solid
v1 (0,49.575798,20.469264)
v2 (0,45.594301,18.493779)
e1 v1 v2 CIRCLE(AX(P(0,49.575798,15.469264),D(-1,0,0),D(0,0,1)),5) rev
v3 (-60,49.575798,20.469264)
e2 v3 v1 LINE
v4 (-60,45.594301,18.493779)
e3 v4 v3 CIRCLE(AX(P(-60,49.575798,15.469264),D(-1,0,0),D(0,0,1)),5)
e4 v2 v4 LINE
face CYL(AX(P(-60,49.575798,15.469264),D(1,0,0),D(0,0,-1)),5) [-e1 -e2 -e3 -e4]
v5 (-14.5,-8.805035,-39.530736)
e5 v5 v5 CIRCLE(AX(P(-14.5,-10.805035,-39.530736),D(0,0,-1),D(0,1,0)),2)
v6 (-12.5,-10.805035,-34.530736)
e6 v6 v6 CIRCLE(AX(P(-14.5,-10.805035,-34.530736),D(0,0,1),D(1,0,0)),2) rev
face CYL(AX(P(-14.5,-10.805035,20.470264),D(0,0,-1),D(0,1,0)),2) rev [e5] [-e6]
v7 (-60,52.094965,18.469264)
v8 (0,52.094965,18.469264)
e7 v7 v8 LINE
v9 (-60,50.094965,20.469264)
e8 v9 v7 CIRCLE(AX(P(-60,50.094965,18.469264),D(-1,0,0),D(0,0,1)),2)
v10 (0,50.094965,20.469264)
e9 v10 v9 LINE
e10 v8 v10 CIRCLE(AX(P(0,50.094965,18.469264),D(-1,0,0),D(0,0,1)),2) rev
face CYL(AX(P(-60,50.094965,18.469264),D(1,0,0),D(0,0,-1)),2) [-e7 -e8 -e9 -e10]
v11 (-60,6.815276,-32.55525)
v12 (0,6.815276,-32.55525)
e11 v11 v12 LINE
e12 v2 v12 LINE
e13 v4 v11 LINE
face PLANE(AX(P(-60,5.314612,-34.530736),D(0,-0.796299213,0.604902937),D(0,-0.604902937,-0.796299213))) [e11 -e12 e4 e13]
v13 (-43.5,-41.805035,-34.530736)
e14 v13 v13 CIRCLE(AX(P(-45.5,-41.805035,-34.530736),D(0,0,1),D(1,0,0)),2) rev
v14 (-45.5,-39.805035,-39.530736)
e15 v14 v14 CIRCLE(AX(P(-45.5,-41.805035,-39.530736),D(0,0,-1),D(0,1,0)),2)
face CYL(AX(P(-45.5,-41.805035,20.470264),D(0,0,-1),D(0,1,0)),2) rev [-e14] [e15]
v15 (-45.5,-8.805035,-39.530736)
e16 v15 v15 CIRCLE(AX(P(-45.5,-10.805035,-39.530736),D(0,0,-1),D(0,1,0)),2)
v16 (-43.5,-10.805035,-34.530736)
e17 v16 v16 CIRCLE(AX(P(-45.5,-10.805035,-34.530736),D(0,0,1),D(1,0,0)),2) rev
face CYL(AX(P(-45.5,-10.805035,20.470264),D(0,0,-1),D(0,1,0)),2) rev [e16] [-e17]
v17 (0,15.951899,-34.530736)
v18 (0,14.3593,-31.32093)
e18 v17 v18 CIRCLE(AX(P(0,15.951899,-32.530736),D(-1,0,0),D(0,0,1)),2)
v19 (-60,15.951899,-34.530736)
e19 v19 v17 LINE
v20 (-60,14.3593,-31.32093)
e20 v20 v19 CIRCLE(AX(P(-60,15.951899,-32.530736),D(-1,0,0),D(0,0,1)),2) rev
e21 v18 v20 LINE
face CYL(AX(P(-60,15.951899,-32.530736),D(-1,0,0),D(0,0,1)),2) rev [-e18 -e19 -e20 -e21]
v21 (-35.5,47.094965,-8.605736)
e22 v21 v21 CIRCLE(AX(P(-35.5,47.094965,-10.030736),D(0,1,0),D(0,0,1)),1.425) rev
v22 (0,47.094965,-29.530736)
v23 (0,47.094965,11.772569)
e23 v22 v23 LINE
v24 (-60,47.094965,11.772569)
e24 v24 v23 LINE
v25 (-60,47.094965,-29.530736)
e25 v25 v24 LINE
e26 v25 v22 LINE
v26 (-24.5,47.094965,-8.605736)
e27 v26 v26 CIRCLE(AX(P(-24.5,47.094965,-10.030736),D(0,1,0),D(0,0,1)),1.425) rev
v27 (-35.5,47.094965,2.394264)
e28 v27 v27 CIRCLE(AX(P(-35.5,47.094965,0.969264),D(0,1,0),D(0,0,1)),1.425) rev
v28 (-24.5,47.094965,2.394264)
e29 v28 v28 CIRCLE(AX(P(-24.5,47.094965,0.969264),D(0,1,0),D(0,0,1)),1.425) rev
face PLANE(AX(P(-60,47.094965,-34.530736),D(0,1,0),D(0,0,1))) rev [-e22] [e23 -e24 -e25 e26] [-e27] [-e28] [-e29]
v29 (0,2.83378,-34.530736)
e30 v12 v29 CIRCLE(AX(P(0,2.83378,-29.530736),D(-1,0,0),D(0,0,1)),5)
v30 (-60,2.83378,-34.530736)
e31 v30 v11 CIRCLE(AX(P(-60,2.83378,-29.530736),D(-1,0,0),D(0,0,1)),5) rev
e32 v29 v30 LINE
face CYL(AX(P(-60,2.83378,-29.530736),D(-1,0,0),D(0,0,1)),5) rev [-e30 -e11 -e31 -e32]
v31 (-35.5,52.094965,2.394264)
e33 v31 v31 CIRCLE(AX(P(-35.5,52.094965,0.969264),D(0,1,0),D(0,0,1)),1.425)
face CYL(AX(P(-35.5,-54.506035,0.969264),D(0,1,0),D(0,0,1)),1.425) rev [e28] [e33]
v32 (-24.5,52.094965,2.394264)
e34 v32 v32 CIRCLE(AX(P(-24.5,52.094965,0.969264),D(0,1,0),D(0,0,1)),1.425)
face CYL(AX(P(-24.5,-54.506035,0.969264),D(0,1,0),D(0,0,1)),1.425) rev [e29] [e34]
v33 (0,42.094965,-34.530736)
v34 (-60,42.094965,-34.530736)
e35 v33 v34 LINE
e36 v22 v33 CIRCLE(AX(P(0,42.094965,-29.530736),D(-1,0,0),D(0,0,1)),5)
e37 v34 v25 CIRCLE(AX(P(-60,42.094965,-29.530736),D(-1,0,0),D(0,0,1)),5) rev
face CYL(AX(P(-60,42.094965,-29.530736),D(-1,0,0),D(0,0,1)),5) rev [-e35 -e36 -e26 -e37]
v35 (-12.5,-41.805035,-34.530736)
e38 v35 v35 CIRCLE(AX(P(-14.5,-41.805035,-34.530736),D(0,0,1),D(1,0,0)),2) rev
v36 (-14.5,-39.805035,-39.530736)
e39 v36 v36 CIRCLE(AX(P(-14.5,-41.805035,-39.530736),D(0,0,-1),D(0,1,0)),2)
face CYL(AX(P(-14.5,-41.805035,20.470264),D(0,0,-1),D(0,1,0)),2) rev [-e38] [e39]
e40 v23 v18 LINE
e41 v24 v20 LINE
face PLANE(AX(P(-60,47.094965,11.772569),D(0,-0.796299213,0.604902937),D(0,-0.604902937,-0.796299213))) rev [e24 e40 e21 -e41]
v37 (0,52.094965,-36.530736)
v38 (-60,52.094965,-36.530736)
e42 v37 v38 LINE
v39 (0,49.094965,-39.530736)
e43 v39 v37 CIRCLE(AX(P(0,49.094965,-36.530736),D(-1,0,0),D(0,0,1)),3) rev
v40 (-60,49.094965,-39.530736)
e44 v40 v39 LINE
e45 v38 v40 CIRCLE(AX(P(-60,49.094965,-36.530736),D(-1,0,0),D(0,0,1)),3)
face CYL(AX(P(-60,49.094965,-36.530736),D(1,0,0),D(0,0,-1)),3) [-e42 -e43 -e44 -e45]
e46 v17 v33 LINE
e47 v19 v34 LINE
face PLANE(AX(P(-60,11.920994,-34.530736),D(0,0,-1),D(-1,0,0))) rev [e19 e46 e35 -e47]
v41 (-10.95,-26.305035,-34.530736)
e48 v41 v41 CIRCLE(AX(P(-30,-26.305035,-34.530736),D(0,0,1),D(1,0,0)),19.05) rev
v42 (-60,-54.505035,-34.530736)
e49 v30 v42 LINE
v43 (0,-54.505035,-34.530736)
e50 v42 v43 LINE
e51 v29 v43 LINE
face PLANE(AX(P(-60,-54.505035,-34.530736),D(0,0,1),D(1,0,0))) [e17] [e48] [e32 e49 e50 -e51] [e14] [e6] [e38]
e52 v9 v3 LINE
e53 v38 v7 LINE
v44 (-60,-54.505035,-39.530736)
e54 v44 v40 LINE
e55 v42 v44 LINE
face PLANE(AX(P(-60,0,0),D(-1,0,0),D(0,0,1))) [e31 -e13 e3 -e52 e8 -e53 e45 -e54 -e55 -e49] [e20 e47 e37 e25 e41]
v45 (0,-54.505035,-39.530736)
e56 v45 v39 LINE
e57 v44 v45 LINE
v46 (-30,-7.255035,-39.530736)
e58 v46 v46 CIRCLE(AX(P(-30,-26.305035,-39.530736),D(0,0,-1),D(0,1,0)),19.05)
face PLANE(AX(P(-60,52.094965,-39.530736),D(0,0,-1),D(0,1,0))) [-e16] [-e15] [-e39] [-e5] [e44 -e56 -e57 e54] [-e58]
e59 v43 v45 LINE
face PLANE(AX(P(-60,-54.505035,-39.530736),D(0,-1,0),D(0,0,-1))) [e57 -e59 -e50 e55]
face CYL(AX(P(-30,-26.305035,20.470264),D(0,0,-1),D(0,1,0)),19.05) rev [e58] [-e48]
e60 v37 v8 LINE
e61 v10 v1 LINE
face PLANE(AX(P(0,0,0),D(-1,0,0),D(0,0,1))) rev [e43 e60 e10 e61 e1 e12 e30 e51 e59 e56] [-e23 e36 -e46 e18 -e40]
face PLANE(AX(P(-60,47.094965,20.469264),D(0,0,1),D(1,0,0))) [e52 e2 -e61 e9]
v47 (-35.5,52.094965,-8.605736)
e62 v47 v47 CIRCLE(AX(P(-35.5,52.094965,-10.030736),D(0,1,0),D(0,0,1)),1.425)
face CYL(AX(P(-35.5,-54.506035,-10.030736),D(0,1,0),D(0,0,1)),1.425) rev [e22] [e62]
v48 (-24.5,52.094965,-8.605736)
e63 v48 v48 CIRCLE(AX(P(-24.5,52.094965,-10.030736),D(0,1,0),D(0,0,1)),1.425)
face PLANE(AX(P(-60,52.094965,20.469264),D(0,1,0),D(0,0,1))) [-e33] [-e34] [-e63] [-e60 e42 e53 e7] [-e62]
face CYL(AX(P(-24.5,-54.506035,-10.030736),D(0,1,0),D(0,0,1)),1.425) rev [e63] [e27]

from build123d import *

# Parameters (mm, degrees)
BOSS_EXTRUDE1_DEPTH = 60
CUT_EXTRUDE2_REACH  = 108.6
SKETCH2_R           = 1.425
CUT_EXTRUDE3_REACH  = 62
SKETCH7_R           = 2
SKETCH7_R_2         = 19.05
FILLET2_R           = 5
FILLET4_R           = 5
FILLET5_R           = 2
FILLET6_R           = 2
FILLET7_R           = 3
FILLET8_R           = 5


with BuildPart() as part:
    # Sketch1 → Boss-Extrude1 (new body)
    with BuildSketch(Plane(origin=(0, 0, 0), x_dir=(0, 0, -1), z_dir=(1, 0, 0))):
        Polygon((-20.469264339, 47.094964584), (-20.469264339, 52.094964584), (39.530735661, 52.094964584), (39.530735661, -54.505035416), (34.530735661, -54.505035416), (34.530735661, 5.314612494), align=None)
        Polygon((-11.77256872, 47.094964584), (34.530735661, 11.920994403), (34.530735661, 47.094964584), align=None, mode=Mode.SUBTRACT)
    extrude(amount=-BOSS_EXTRUDE1_DEPTH)

    # Sketch2 → Cut-Extrude2 (cut, up to next)
    with BuildSketch(Plane(origin=(0, 52.094964584, 0), x_dir=(1, 0, 0), z_dir=(0, 1, 0)), mode=Mode.PRIVATE) as cut_extrude2_sk1:
        with Locations((-35.5, 10.030735661)):
            Circle(SKETCH2_R)
    cut_extrude2_tool1 = extrude(cut_extrude2_sk1.sketch, amount=-CUT_EXTRUDE2_REACH, mode=Mode.PRIVATE) & part.part
    add(cut_extrude2_tool1.solids().sort_by_distance((-35.5, 52.094965, -10.030736))[0], mode=Mode.SUBTRACT)
    # Sketch2 → Cut-Extrude2 (cut, up to next)
    with BuildSketch(Plane(origin=(0, 52.094964584, 0), x_dir=(1, 0, 0), z_dir=(0, 1, 0)), mode=Mode.PRIVATE) as cut_extrude2_sk2:
        with Locations((-24.5, 10.030735661)):
            Circle(SKETCH2_R)
    cut_extrude2_tool2 = extrude(cut_extrude2_sk2.sketch, amount=-CUT_EXTRUDE2_REACH, mode=Mode.PRIVATE) & part.part
    add(cut_extrude2_tool2.solids().sort_by_distance((-24.5, 52.094965, -10.030736))[0], mode=Mode.SUBTRACT)
    # Sketch2 → Cut-Extrude2 (cut, up to next)
    with BuildSketch(Plane(origin=(0, 52.094964584, 0), x_dir=(1, 0, 0), z_dir=(0, 1, 0)), mode=Mode.PRIVATE) as cut_extrude2_sk3:
        with Locations((-24.5, -0.969264339)):
            Circle(SKETCH2_R)
    cut_extrude2_tool3 = extrude(cut_extrude2_sk3.sketch, amount=-CUT_EXTRUDE2_REACH, mode=Mode.PRIVATE) & part.part
    add(cut_extrude2_tool3.solids().sort_by_distance((-24.5, 52.094965, 0.969264))[0], mode=Mode.SUBTRACT)
    # Sketch2 → Cut-Extrude2 (cut, up to next)
    with BuildSketch(Plane(origin=(0, 52.094964584, 0), x_dir=(1, 0, 0), z_dir=(0, 1, 0)), mode=Mode.PRIVATE) as cut_extrude2_sk4:
        with Locations((-35.5, -0.969264339)):
            Circle(SKETCH2_R)
    cut_extrude2_tool4 = extrude(cut_extrude2_sk4.sketch, amount=-CUT_EXTRUDE2_REACH, mode=Mode.PRIVATE) & part.part
    add(cut_extrude2_tool4.solids().sort_by_distance((-35.5, 52.094965, 0.969264))[0], mode=Mode.SUBTRACT)

    # Sketch7 → Cut-Extrude3 (cut, up to next)
    with BuildSketch(Plane(origin=(0, 0, -39.530735661), x_dir=(-1, 0, 0), z_dir=(0, 0, -1)), mode=Mode.PRIVATE) as cut_extrude3_sk1:
        with Locations((14.5, -10.805035416)):
            Circle(SKETCH7_R)
    cut_extrude3_tool1 = extrude(cut_extrude3_sk1.sketch, amount=-CUT_EXTRUDE3_REACH, mode=Mode.PRIVATE) & part.part
    add(cut_extrude3_tool1.solids().sort_by_distance((-14.5, -10.805035, -39.530736))[0], mode=Mode.SUBTRACT)
    # Sketch7 → Cut-Extrude3 (cut, up to next)
    with BuildSketch(Plane(origin=(0, 0, -39.530735661), x_dir=(-1, 0, 0), z_dir=(0, 0, -1)), mode=Mode.PRIVATE) as cut_extrude3_sk2:
        with Locations((45.5, -10.805035416)):
            Circle(SKETCH7_R)
    cut_extrude3_tool2 = extrude(cut_extrude3_sk2.sketch, amount=-CUT_EXTRUDE3_REACH, mode=Mode.PRIVATE) & part.part
    add(cut_extrude3_tool2.solids().sort_by_distance((-45.5, -10.805035, -39.530736))[0], mode=Mode.SUBTRACT)
    # Sketch7 → Cut-Extrude3 (cut, up to next)
    with BuildSketch(Plane(origin=(0, 0, -39.530735661), x_dir=(-1, 0, 0), z_dir=(0, 0, -1)), mode=Mode.PRIVATE) as cut_extrude3_sk3:
        with Locations((45.5, -41.805035416)):
            Circle(SKETCH7_R)
    cut_extrude3_tool3 = extrude(cut_extrude3_sk3.sketch, amount=-CUT_EXTRUDE3_REACH, mode=Mode.PRIVATE) & part.part
    add(cut_extrude3_tool3.solids().sort_by_distance((-45.5, -41.805035, -39.530736))[0], mode=Mode.SUBTRACT)
    # Sketch7 → Cut-Extrude3 (cut, up to next)
    with BuildSketch(Plane(origin=(0, 0, -39.530735661), x_dir=(-1, 0, 0), z_dir=(0, 0, -1)), mode=Mode.PRIVATE) as cut_extrude3_sk4:
        with Locations((14.5, -41.805035416)):
            Circle(SKETCH7_R)
    cut_extrude3_tool4 = extrude(cut_extrude3_sk4.sketch, amount=-CUT_EXTRUDE3_REACH, mode=Mode.PRIVATE) & part.part
    add(cut_extrude3_tool4.solids().sort_by_distance((-14.5, -41.805035, -39.530736))[0], mode=Mode.SUBTRACT)
    # Sketch7 → Cut-Extrude3 (cut, up to next)
    with BuildSketch(Plane(origin=(0, 0, -39.530735661), x_dir=(-1, 0, 0), z_dir=(0, 0, -1)), mode=Mode.PRIVATE) as cut_extrude3_sk5:
        with Locations((30, -26.305035416)):
            Circle(SKETCH7_R_2)
    cut_extrude3_tool5 = extrude(cut_extrude3_sk5.sketch, amount=-CUT_EXTRUDE3_REACH, mode=Mode.PRIVATE) & part.part
    add(cut_extrude3_tool5.solids().sort_by_distance((-30, -26.305035, -39.530736))[0], mode=Mode.SUBTRACT)

    # Fillet2
    fillet2_edges = [part.edges().sort_by_distance(p)[0] for p in [
        (-30, 47.094964584, -34.530735661),
    ]]
    fillet(fillet2_edges, radius=FILLET2_R)

    # Fillet4
    fillet4_edges = [part.edges().sort_by_distance(p)[0] for p in [
        (-30, 47.094964584, 20.469264339),
    ]]
    fillet(fillet4_edges, radius=FILLET4_R)

    # Fillet5
    fillet5_edges = [part.edges().sort_by_distance(p)[0] for p in [
        (-30, 11.920994403, -34.530735661),
    ]]
    fillet(fillet5_edges, radius=FILLET5_R)

    # Fillet6
    fillet6_edges = [part.edges().sort_by_distance(p)[0] for p in [
        (-30, 52.094964584, 20.469264339),
    ]]
    fillet(fillet6_edges, radius=FILLET6_R)

    # Fillet7
    fillet7_edges = [part.edges().sort_by_distance(p)[0] for p in [
        (-30, 52.094964584, -39.530735661),
    ]]
    fillet(fillet7_edges, radius=FILLET7_R)

    # Fillet8
    fillet8_edges = [part.edges().sort_by_distance(p)[0] for p in [
        (-30, 5.314612494, -34.530735661),
    ]]
    fillet(fillet8_edges, radius=FILLET8_R)


solid = part.part
